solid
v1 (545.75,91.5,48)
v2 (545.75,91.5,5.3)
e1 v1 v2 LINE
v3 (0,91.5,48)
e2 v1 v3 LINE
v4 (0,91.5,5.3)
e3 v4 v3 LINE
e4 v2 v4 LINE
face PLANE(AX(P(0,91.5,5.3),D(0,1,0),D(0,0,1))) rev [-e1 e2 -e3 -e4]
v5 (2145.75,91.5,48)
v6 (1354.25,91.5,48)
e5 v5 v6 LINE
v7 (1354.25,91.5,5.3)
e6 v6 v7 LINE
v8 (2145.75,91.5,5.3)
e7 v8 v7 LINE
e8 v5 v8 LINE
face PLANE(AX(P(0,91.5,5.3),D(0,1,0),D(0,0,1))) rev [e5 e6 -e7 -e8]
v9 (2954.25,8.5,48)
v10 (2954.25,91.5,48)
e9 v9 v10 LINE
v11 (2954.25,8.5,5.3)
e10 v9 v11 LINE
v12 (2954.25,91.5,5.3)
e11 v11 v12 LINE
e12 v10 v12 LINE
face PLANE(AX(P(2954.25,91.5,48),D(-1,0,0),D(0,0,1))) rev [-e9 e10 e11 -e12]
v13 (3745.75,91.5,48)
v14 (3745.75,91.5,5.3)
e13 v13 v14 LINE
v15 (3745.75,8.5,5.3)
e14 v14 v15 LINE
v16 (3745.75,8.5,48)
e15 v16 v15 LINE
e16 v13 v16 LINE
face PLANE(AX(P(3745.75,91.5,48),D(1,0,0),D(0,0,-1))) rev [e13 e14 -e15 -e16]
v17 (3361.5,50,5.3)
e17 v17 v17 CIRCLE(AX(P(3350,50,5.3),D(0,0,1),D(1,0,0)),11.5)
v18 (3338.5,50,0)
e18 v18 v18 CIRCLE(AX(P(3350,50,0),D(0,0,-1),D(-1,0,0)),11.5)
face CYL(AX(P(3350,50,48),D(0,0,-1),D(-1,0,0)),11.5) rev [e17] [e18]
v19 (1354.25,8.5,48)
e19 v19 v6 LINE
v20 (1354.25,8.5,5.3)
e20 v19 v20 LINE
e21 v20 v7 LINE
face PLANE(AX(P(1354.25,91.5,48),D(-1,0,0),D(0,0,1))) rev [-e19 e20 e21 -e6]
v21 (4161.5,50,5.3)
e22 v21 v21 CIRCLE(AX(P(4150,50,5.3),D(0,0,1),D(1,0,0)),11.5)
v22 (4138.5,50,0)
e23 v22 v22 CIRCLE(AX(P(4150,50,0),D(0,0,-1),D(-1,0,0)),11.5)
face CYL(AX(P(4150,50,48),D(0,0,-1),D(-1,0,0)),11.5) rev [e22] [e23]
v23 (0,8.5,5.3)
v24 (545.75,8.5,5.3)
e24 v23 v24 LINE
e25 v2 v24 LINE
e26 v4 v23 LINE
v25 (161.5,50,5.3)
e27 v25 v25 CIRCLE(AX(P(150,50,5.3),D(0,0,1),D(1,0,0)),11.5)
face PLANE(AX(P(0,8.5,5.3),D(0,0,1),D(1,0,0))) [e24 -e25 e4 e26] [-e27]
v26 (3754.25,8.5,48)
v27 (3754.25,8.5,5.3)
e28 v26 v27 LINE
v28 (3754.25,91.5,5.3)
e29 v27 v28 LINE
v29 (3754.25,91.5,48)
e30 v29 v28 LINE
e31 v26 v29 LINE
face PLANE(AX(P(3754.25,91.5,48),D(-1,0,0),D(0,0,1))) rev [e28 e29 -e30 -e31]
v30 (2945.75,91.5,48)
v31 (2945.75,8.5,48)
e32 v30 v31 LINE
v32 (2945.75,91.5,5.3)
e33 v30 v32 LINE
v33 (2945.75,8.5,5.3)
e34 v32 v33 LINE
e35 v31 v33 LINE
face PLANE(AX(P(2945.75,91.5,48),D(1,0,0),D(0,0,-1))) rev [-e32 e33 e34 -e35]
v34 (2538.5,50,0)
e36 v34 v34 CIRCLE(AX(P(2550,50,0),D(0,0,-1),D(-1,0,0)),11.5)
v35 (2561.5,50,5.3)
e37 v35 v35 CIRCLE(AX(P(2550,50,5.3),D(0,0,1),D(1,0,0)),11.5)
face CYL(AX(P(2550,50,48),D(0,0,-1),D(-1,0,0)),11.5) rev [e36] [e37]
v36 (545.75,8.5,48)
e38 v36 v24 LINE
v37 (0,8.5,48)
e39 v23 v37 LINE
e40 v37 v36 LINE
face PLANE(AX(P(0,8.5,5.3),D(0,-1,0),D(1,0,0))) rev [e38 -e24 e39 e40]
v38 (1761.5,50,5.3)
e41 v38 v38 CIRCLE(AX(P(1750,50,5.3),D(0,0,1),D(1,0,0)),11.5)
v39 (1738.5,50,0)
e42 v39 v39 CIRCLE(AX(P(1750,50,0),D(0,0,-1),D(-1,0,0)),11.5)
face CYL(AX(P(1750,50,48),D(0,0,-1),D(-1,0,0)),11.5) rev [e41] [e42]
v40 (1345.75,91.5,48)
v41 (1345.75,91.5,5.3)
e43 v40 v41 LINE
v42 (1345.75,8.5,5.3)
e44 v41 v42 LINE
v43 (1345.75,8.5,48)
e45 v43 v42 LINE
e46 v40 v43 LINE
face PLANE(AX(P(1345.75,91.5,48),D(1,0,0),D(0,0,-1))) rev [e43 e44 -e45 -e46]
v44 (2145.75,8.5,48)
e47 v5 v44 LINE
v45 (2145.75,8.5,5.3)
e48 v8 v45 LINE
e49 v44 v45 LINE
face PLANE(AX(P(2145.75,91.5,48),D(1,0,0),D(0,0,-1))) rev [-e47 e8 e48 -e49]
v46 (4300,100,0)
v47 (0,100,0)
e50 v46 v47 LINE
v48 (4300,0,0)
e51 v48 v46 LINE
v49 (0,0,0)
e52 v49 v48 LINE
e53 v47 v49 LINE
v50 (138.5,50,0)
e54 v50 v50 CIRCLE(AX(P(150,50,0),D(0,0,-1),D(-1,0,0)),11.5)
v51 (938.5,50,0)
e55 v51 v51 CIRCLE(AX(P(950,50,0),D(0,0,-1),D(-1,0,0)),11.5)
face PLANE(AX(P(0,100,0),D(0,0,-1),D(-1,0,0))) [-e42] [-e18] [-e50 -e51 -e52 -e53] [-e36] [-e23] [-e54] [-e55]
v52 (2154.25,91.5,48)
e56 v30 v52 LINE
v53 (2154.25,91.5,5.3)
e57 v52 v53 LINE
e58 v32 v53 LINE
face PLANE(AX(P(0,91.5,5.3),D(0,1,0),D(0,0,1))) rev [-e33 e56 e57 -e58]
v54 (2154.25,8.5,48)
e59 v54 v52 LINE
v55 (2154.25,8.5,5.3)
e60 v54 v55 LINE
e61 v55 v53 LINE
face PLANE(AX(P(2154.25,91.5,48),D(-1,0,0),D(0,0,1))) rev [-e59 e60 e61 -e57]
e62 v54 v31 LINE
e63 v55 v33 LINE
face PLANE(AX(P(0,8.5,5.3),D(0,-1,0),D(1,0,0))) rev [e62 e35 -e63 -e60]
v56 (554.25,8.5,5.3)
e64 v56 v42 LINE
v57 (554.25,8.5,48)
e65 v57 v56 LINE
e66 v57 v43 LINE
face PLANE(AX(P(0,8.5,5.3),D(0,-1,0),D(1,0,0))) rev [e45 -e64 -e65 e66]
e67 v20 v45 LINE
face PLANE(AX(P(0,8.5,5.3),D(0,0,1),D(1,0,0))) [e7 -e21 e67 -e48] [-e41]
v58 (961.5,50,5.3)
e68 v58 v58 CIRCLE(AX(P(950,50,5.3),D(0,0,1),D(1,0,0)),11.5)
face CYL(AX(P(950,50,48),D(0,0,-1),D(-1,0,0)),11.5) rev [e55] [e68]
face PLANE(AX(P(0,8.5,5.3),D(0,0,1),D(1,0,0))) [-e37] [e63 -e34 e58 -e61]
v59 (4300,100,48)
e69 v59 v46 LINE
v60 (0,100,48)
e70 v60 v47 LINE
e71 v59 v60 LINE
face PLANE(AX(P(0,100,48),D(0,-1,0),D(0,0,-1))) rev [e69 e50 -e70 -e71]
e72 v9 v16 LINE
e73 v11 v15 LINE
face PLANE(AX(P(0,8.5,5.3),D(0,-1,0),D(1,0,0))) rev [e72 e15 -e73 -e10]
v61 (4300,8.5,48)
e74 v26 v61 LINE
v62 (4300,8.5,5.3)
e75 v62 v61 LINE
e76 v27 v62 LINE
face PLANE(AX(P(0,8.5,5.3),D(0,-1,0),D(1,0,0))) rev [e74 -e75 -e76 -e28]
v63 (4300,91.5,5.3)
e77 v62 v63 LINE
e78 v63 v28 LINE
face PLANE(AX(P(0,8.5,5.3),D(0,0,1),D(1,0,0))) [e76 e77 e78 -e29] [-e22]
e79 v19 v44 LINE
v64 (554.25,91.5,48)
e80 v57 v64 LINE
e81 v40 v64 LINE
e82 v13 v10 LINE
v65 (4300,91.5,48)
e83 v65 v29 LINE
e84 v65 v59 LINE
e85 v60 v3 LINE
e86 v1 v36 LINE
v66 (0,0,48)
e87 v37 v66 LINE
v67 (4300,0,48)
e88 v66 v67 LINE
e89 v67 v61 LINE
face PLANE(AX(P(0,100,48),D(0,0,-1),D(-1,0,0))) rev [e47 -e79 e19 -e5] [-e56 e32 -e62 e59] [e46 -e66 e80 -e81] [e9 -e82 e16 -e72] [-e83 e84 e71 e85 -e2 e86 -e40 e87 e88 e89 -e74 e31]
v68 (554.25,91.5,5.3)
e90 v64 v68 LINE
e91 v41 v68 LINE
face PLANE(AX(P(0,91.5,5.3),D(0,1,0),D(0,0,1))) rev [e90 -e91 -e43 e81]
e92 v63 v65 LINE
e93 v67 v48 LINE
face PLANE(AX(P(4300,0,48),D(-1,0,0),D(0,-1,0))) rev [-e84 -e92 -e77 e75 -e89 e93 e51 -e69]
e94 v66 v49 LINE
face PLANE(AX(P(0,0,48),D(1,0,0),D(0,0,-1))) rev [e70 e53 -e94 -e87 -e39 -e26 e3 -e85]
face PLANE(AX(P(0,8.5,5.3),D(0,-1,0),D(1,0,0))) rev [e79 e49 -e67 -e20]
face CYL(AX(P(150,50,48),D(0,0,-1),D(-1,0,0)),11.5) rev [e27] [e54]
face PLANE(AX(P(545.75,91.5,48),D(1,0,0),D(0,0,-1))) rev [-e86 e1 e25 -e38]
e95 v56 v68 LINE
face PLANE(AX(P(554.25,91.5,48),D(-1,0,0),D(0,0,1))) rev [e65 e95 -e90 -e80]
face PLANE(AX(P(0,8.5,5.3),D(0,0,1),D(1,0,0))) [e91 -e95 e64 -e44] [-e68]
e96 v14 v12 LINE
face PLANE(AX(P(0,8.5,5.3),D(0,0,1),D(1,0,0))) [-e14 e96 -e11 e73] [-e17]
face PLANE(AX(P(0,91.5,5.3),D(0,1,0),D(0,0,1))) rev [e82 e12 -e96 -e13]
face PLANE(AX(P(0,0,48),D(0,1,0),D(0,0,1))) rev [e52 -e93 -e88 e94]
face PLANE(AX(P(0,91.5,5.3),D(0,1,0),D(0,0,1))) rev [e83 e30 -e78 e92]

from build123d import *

# Parameters (mm, degrees)
SKETCH_1_W             = 4300
SKETCH_1_H             = 100
EXTRUDE_1_DEPTH        = 48
SKETCH_2_W             = 4300
SKETCH_2_H             = 83
CUT_EXTRUDE_2_DEPTH    = 42.7
SKETCH_3_W             = 8.5
SKETCH_3_H             = 83
EXTRUDE_3_DEPTH        = 42.7
PATTERN_LINEAR_1_COUNT = 5
PATTERN_LINEAR_1_PITCH = 800
SKETCH_4_R             = 11.5
CUT_EXTRUDE_4_DEPTH    = 4302.430459742
PATTERN_LINEAR_2_COUNT = 6
PATTERN_LINEAR_2_PITCH = 800


with BuildPart() as part:
    # 草图1 → 拉伸1 (new body)
    with BuildSketch(Plane.XY):
        with Locations((2150, 50)):
            Rectangle(SKETCH_1_W, SKETCH_1_H)
    extrude(amount=EXTRUDE_1_DEPTH)

    # 草图2 → 拉伸2 (cut)
    with BuildSketch(Plane.XY.offset(48)):
        with Locations((2150, 50)):
            Rectangle(SKETCH_2_W, SKETCH_2_H)
    extrude(amount=-CUT_EXTRUDE_2_DEPTH, mode=Mode.SUBTRACT)

    # 草图3 → 拉伸3 (add)
    with BuildSketch(Plane.XY.offset(5.3)):
        with Locations((550, 50)):
            Rectangle(SKETCH_3_W, SKETCH_3_H)
    extrude_3 = extrude(amount=EXTRUDE_3_DEPTH)

    # 阵列(线性)1: 拉伸3 ×5
    with Locations(*[(i * PATTERN_LINEAR_1_PITCH, 0, 0) for i in range(1, PATTERN_LINEAR_1_COUNT)]):
        add(extrude_3)

    # 草图4 → 拉伸4 (cut, through all)
    with BuildSketch(Plane(origin=(0, 0, 0), x_dir=(-1, 0, 0), z_dir=(0, 0, -1))):
        with Locations((-4150, 50)):
            Circle(SKETCH_4_R)
    cut_extrude_4 = extrude(amount=-CUT_EXTRUDE_4_DEPTH, mode=Mode.SUBTRACT)

    # 阵列(线性)2: 拉伸4 ×6
    with Locations(*[(-i * PATTERN_LINEAR_2_PITCH, 0, 0) for i in range(1, PATTERN_LINEAR_2_COUNT)]):
        add(cut_extrude_4, mode=Mode.SUBTRACT)


solid = part.part
